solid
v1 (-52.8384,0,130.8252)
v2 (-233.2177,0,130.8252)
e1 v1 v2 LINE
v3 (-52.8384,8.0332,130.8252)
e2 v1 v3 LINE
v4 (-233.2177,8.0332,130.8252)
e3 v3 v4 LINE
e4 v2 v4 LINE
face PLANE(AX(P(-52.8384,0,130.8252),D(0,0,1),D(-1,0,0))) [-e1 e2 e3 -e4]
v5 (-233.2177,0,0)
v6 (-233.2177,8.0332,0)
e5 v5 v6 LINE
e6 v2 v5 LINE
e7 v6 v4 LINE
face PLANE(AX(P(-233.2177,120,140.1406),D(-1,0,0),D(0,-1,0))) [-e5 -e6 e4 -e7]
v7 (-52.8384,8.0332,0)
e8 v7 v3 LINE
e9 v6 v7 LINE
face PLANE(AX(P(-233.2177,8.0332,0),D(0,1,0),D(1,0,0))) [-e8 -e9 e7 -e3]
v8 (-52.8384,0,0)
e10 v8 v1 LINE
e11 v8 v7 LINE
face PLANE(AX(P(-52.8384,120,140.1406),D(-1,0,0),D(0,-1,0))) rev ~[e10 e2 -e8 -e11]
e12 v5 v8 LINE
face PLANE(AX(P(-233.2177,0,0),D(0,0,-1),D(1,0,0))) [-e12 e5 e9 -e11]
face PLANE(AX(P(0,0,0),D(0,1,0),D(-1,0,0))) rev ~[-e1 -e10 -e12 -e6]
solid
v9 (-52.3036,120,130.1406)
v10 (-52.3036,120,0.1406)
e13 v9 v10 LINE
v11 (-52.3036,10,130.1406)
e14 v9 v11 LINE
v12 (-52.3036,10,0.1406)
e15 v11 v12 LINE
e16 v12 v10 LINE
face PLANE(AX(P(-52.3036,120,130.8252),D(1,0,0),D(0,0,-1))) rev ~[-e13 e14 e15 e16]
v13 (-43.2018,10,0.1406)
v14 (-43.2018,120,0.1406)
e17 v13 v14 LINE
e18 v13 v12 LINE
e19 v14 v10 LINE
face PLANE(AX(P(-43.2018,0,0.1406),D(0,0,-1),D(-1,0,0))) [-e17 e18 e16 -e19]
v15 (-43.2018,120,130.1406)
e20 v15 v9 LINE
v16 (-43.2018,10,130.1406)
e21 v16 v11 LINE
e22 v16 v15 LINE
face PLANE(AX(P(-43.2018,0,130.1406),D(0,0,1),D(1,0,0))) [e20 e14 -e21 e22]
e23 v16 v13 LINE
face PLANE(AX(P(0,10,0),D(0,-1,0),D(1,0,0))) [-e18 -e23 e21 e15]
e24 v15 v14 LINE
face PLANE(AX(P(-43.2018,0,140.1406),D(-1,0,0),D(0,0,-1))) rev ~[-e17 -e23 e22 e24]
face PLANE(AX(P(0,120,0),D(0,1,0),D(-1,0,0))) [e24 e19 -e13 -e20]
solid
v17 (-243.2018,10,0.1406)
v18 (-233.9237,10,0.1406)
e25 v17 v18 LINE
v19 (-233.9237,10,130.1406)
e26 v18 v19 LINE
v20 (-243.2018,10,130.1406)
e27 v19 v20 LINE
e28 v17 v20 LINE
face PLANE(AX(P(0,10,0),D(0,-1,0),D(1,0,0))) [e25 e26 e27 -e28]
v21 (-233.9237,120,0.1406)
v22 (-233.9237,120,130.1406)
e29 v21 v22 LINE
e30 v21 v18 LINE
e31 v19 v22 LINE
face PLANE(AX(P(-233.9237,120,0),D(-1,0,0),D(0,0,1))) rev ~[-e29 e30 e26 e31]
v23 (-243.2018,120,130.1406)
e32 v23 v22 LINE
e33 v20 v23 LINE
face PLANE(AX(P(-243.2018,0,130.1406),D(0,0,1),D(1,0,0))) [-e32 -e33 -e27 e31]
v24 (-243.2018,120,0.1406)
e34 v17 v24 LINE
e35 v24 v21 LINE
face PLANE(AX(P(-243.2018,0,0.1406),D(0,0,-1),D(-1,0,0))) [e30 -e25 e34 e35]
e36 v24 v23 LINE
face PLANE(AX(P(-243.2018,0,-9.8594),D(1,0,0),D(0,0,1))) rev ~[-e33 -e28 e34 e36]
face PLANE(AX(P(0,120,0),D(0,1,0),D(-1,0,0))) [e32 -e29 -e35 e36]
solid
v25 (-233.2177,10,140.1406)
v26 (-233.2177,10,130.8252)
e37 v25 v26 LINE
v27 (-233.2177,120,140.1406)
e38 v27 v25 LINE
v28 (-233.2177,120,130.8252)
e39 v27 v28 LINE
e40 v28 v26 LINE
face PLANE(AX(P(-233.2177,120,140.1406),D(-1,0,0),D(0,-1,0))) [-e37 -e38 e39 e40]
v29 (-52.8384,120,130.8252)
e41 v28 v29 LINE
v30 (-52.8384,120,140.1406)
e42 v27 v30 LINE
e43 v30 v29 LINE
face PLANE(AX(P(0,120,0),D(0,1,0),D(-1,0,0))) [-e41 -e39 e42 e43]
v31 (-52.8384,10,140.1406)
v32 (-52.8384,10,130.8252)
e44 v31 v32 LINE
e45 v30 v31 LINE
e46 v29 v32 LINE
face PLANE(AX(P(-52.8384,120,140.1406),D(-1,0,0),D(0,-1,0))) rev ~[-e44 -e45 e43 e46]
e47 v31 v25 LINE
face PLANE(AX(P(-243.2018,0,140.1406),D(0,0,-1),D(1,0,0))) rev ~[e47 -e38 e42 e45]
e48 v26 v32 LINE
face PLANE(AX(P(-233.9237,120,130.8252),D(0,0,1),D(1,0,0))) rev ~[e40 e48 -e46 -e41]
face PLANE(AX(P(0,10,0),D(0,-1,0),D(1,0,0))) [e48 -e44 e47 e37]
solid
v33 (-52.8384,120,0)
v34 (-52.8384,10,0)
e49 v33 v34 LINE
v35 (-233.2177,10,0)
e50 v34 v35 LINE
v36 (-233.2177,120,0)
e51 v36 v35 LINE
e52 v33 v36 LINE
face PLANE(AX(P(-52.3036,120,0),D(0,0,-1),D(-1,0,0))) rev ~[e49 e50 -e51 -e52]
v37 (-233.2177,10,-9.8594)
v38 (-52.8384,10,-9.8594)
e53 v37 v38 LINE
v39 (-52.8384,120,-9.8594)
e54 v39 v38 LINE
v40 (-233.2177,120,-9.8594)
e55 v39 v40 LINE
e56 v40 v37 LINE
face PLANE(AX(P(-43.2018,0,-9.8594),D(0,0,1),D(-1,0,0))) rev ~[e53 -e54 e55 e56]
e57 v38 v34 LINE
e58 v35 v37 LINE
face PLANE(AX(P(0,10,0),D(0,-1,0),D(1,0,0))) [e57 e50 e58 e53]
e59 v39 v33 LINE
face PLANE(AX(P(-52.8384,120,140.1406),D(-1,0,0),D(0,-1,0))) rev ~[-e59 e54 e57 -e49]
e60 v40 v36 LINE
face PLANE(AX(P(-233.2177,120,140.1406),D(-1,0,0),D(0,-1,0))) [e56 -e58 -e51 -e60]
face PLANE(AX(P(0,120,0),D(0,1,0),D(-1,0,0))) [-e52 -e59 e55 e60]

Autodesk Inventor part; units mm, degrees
ref_plane "YZ Plane" through (0, 0, 0) normal (1, 0, 0) x (0, 1, 0)
ref_plane "XZ Plane" through (0, 0, 0) normal (0, 1, 0) x (-1, 0, 0)
ref_plane "XY Plane" through (0, 0, 0) normal (0, 0, 1) x (1, 0, 0)
sketch "Sketch1" plane through (0, 0, 0) normal (0, 1, 0) x (-1, 0, 0)
  line L0 (243.2018, 140.1406) -> (43.2018, 140.1406)
  line L1 (43.2018, 140.1406) -> (43.2018, -9.8594)
  line L2 (43.2018, -9.8594) -> (243.2018, -9.8594)
  line L3 (243.2018, -9.8594) -> (243.2018, 140.1406)
  point P0 (0, 0)
  dimension "d0" = 200
  dimension "d1" = 150
extrude "Extrusion1" add sketch "Sketch1" along normal blind 120
sketch "Sketch2" plane through (0, 120, 0) normal (0, 1, 0) x (1, 0, 0)
  line L0 (-233.9237, -130.8252) -> (-52.3036, -130.8252)
  line L1 (-52.3036, -130.8252) -> (-52.3036, 0)
  line L2 (-52.3036, 0) -> (-233.9237, 0)
  line L3 (-233.9237, 0) -> (-233.9237, -130.8252)
  point P0 (0, 0)
extrude "Extrusion2" cut sketch "Sketch2" against normal blind 110
sketch "Sketch3" plane through (-243.2018, 0, 140.1406) normal (0, 0, 1) x (1, 0, 0)
  line L0 (0, 0) -> (0, 120) projected
  line L1 (0, 0) -> (200, 0) projected
  line L2 (0, 120) -> (9.9841, 120)
  line L3 (9.9841, 120) -> (9.9841, 0)
  line L4 (9.9841, 0) -> (0, 0)
  line L5 (0, 0) -> (0, 120)
  point P0 (243.2018, 0)
extrude "Extrusion3" cut sketch "Sketch3" against normal blind 10
sketch "Sketch4" plane through (-43.2018, 0, 140.1406) normal (0, 0, 1) x (1, 0, 0)
  line L0 (0, 120) -> (-200, 120) projected
  line L1 (0, 0) -> (-200, 0) projected
  line L2 (0, 120) -> (-9.6366, 120)
  line L3 (-9.6366, 120) -> (-9.6366, 0)
  line L4 (-9.6366, 0) -> (0, 0)
  line L5 (0, 0) -> (0, 120)
  point P0 (43.2018, 0)
extrude "Extrusion4" cut sketch "Sketch4" against normal blind 10
sketch "Sketch5" plane through (-43.2018, 0, -9.8594) normal (0, 0, -1) x (-1, 0, 0)
  line L0 (0, 120) -> (200, 120) projected
  line L1 (190.0159, 0) -> (9.6366, 0) projected
  line L2 (0, 120) -> (9.6366, 120)
  line L3 (9.6366, 120) -> (9.6366, 0)
  line L4 (9.6366, 0) -> (0, 0)
  line L5 (0, 0) -> (0, 120)
  point P0 (-43.2018, 0)
extrude "Extrusion5" cut sketch "Sketch5" against normal blind 10
sketch "Sketch6" plane through (-243.2018, 0, -9.8594) normal (0, 0, -1) x (-1, 0, 0)
  line L0 (0, 0) -> (0, 120) projected
  line L1 (-190.3634, 0) -> (0, 0) projected
  line L2 (0, 120) -> (-9.9841, 120)
  line L3 (-9.9841, 120) -> (-9.9841, 0)
  line L4 (-9.9841, 0) -> (0, 0)
  line L5 (0, 0) -> (0, 120)
  point P0 (-243.2018, 0)
extrude "Extrusion6" cut sketch "Sketch6" against normal blind 10
sketch "Sketch7" plane through (0, 0, 0) normal (0, -1, 0) x (1, 0, 0)
  point P0 (0, 0)
sketch "Sketch8" plane through (0, 0, 0) normal (0, -1, 0) x (1, 0, 0)
  line L0 (-233.2177, 130.1406) -> (-243.2018, 130.1406) projected
  line L1 (-243.2018, 0.1406) -> (-243.2018, 130.1406) projected
  line L2 (-233.2177, 130.1406) -> (-243.2018, 130.1406)
  line L3 (-243.2018, 130.1406) -> (-243.2018, 0.1406)
  line L4 (-243.2018, 0.1406) -> (-233.2177, 0.1406)
  line L5 (-233.2177, 0.1406) -> (-233.2177, 130.1406)
  point P0 (0, 0)
extrude "Extrusion7" cut sketch "Sketch8" against normal blind 10
sketch "Sketch9" plane through (0, 0, 0) normal (0, -1, 0) x (1, 0, 0)
  line L0 (-43.2018, 130.1406) -> (-43.2018, 0.1406) projected
  line L1 (-233.2177, 0) -> (-52.8384, 0) projected
  line L2 (-43.2018, 130.1406) -> (-52.8384, 130.1406)
  line L3 (-52.8384, 130.1406) -> (-52.8384, 0)
  line L4 (-52.8384, 0) -> (-43.2018, 0)
  line L5 (-43.2018, 0) -> (-43.2018, 130.1406)
  point P0 (0, 0)
extrude "Extrusion8" cut sketch "Sketch9" against normal blind 10
sketch "Sketch10" plane through (0, 0, 0) normal (0, -1, 0) x (1, 0, 0)
  line L0 (-233.2177, 0) -> (-52.8384, 0) projected
  line L1 (-233.2177, 140.1406) -> (-233.2177, -9.8594) projected
  line L2 (-52.8384, 0) -> (-233.2177, 0)
  line L3 (-233.2177, 0) -> (-233.2177, -9.8594)
  line L4 (-233.2177, -9.8594) -> (-52.8384, -9.8594)
  line L5 (-52.8384, -9.8594) -> (-52.8384, 0)
  point P0 (0, 0)
extrude "Extrusion9" cut sketch "Sketch10" against normal blind 10
sketch "Sketch11" plane through (0, 0, 0) normal (0, -1, 0) x (1, 0, 0)
  line L0 (-52.8384, 140.1406) -> (-52.8384, 130.8252) projected
  line L1 (-52.8384, 130.8252) -> (-233.2177, 130.8252) projected
  line L2 (-52.8384, 140.1406) -> (-233.2177, 140.1406)
  line L3 (-233.2177, 140.1406) -> (-233.2177, 130.8252)
  line L4 (-233.2177, 130.8252) -> (-52.8384, 130.8252)
  line L5 (-52.8384, 130.8252) -> (-52.8384, 140.1406)
  point P0 (0, 0)
extrude "Extrusion10" cut sketch "Sketch11" against normal blind 10
sketch "Sketch12" plane through (-52.8384, 0, 0) normal (0, 0, -1) x (-1, 0, 0)
  line L0 (0, 10) -> (0, 0) projected
  line L1 (180.3793, 10) -> (180.3793, 0) projected
  line L2 (0, 10) -> (180.3793, 10)
  line L3 (180.3793, 10) -> (180.3793, 8.0332)
  line L4 (180.3793, 8.0332) -> (0, 8.0332)
  line L5 (0, 8.0332) -> (0, 10)
  point P0 (-52.8384, 0)
extrude "Extrusion11" cut sketch "Sketch12" against normal through all
equation "\"BendRadius\" = Thickness"
equation "\"BendReliefWidth\" = Thickness"
equation "\"BendReliefDepth\" = 0.5 * Thickness"
equation "\"CornerReliefSize\" = 4 * Thickness"
equation "\"MinimumRemnant\" = 2 * Thickness"
equation "\"TransitionRadius\" = BendRadius"
equation "\"JacobiRadiusSize\" = BendRadius"
equation "\"GapSize\" = Thickness"
equation "\"Thickness\" = 0.5"
properties part number "frame"
